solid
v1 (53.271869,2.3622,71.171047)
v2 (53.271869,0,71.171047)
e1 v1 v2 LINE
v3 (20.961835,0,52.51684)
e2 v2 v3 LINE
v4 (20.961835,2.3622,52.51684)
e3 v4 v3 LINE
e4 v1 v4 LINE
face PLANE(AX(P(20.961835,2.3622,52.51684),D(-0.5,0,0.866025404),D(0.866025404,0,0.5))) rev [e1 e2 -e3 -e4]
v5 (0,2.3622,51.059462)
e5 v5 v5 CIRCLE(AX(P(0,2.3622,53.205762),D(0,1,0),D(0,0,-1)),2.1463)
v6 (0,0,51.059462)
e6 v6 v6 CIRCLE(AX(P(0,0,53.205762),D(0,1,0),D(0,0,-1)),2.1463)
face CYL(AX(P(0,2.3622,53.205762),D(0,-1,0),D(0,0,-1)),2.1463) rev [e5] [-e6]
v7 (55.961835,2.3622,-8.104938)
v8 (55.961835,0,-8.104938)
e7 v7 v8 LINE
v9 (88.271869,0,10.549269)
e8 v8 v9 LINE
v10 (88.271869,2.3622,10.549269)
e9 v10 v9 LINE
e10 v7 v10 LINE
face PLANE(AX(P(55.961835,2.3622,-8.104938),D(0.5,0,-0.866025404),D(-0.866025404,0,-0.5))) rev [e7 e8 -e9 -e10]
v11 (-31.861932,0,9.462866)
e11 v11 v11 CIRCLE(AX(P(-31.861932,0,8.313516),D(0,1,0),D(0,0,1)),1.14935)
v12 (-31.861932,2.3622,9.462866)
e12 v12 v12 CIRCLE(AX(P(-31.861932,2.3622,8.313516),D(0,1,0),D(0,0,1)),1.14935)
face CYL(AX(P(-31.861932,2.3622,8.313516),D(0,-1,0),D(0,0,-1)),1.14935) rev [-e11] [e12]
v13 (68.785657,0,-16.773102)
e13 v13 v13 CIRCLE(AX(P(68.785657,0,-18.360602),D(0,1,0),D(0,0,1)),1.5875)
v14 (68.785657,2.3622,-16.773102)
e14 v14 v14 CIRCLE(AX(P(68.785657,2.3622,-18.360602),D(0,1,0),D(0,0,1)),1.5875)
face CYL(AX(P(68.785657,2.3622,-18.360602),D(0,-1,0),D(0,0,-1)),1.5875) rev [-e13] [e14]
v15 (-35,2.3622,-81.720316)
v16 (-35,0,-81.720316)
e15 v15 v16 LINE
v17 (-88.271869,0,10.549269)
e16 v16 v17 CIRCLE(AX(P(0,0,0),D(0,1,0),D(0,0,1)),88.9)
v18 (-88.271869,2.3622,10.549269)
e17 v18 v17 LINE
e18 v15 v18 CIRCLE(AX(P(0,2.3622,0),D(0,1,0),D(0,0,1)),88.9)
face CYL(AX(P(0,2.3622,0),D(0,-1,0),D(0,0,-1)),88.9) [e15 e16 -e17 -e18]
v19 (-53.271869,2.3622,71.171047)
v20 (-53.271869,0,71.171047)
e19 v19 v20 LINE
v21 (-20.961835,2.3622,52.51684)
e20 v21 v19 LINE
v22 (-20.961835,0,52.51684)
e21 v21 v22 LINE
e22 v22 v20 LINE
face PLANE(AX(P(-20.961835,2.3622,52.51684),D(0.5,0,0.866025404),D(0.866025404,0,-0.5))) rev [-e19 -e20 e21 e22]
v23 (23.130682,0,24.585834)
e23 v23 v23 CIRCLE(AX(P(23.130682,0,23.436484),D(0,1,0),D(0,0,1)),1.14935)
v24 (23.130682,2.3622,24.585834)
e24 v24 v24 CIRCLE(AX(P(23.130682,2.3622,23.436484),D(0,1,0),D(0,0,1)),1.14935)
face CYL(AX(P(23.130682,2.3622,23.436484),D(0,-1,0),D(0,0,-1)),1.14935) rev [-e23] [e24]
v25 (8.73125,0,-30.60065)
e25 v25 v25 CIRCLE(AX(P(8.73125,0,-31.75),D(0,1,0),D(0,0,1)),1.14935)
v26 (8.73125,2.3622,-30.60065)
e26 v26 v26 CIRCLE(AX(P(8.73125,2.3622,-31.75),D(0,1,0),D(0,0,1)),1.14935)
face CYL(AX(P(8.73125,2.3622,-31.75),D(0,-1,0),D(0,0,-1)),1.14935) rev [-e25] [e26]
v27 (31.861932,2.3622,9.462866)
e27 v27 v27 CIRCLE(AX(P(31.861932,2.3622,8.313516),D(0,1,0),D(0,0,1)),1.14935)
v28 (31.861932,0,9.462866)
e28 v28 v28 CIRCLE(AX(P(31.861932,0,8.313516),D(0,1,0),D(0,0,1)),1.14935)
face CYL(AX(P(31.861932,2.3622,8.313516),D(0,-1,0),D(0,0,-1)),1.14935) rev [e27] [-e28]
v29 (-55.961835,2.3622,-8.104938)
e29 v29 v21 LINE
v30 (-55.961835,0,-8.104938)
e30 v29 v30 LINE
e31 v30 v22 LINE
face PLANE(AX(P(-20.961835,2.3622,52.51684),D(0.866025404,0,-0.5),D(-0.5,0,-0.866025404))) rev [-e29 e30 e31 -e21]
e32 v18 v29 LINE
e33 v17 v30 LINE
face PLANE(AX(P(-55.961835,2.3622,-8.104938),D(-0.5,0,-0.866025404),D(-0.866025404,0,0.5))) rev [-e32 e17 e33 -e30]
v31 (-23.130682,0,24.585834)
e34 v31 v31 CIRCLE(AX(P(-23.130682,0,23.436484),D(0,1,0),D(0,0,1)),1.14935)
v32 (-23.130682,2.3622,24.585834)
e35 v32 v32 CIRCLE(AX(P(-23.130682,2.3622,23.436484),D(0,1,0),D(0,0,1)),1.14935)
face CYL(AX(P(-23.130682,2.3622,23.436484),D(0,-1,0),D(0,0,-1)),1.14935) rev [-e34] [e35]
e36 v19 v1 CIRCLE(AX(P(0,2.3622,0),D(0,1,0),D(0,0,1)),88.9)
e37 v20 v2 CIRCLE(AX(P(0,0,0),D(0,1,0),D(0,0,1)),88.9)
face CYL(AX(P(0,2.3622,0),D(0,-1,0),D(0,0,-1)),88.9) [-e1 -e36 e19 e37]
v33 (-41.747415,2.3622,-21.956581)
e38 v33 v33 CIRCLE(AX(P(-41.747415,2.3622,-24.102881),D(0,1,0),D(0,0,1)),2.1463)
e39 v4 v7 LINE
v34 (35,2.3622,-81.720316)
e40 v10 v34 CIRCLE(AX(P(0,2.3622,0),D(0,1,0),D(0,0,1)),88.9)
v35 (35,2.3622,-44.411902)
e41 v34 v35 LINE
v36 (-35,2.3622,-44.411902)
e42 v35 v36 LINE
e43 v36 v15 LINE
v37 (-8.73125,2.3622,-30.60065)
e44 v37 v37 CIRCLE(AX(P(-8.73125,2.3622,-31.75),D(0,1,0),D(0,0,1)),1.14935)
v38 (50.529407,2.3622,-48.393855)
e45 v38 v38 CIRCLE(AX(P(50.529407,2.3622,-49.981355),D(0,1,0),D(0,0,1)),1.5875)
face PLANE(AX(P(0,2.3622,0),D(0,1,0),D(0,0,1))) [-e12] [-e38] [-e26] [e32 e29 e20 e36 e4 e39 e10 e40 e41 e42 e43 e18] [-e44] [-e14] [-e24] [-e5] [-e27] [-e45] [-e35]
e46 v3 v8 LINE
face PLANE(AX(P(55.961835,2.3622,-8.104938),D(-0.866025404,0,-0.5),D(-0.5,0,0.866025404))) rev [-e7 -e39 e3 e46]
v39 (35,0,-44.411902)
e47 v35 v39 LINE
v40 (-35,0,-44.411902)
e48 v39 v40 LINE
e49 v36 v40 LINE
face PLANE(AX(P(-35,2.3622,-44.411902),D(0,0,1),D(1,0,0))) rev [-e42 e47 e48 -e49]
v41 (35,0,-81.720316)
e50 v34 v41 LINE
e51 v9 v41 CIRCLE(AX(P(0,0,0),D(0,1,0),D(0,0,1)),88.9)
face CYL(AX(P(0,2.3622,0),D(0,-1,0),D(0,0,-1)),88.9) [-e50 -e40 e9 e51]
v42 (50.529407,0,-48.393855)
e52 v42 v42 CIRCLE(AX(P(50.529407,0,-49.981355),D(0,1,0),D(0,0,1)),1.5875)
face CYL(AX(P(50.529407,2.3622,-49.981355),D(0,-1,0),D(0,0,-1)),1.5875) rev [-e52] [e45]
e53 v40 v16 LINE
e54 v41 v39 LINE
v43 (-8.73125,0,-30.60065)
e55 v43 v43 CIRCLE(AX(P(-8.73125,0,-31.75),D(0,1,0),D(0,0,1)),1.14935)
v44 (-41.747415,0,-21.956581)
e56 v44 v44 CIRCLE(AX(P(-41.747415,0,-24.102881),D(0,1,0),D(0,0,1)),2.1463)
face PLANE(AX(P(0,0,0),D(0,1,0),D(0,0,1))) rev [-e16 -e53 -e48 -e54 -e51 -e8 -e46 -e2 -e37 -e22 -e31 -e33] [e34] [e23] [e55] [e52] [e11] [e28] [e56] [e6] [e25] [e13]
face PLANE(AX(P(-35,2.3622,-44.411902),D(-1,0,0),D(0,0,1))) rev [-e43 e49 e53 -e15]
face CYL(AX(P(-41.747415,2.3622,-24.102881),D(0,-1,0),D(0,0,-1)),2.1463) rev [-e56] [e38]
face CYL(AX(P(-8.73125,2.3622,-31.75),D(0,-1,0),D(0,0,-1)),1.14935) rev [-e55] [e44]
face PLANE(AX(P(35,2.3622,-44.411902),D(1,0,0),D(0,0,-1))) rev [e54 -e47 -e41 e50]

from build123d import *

# Parameters (mm, degrees)
SKETCH1_R           = 2.1463
SKETCH1_R_2         = 1.14935
SKETCH1_R_3         = 1.5875
BOSS_EXTRUDE1_DEPTH = 2.3622


with BuildPart() as part:
    # Sketch1 → Boss-Extrude1 (new body)
    with BuildSketch(Plane(origin=(0, 0, 0), x_dir=(1, 0, 0), z_dir=(0, 1, 0))):
        with BuildLine():
            Line((-35, 44.411902139), (-35, 81.720315712))
            ThreePointArc((-35, 81.720315712), (-76.989658396, 44.45), (-88.271869412, -10.549268723))
            Line((-88.271869412, -10.549268723), (-55.961835482, 8.104938063))
            Line((-55.961835482, 8.104938063), (-20.961835482, -52.516840202))
            Line((-20.961835482, -52.516840202), (-53.271869412, -71.171046988))
            ThreePointArc((-53.271869412, -71.171046988), (0, -88.9), (53.271869412, -71.171046988))
            Line((53.271869412, -71.171046988), (20.961835482, -52.516840202))
            Line((20.961835482, -52.516840202), (55.961835482, 8.104938063))
            Line((55.961835482, 8.104938063), (88.271869412, -10.549268723))
            ThreePointArc((88.271869412, -10.549268723), (76.989658396, 44.45), (35, 81.720315712))
            Line((35, 81.720315712), (35, 44.411902139))
            Line((35, 44.411902139), (-35, 44.411902139))
        make_face()
        with Locations(Location((-41.747414599, 24.102881057, 0), (0, 0, 270))):
            Circle(SKETCH1_R, mode=Mode.SUBTRACT)
        with Locations(Location((-8.73125, 31.75, 0), (0, 0, 270))):
            Circle(SKETCH1_R_2, mode=Mode.SUBTRACT)
        with Locations(Location((50.529406911, 49.981355026, 0), (0, 0, 270))):
            Circle(SKETCH1_R_3, mode=Mode.SUBTRACT)
        with Locations(Location((0, -53.205762114, 0), (0, 0, 90))):
            Circle(SKETCH1_R, mode=Mode.SUBTRACT)
        with Locations(Location((68.785656911, 18.36060247, 0), (0, 0, 270))):
            Circle(SKETCH1_R_3, mode=Mode.SUBTRACT)
        with Locations(Location((8.73125, 31.75, 0), (0, 0, 270))):
            Circle(SKETCH1_R_2, mode=Mode.SUBTRACT)
        with Locations(Location((31.86193157, -8.313515693, 0), (0, 0, 270))):
            Circle(SKETCH1_R_2, mode=Mode.SUBTRACT)
        with Locations(Location((23.13068157, -23.436484307, 0), (0, 0, 270))):
            Circle(SKETCH1_R_2, mode=Mode.SUBTRACT)
        with Locations(Location((-31.86193157, -8.313515693, 0), (0, 0, 270))):
            Circle(SKETCH1_R_2, mode=Mode.SUBTRACT)
        with Locations(Location((-23.13068157, -23.436484307, 0), (0, 0, 270))):
            Circle(SKETCH1_R_2, mode=Mode.SUBTRACT)
    extrude(amount=BOSS_EXTRUDE1_DEPTH)


solid = part.part
